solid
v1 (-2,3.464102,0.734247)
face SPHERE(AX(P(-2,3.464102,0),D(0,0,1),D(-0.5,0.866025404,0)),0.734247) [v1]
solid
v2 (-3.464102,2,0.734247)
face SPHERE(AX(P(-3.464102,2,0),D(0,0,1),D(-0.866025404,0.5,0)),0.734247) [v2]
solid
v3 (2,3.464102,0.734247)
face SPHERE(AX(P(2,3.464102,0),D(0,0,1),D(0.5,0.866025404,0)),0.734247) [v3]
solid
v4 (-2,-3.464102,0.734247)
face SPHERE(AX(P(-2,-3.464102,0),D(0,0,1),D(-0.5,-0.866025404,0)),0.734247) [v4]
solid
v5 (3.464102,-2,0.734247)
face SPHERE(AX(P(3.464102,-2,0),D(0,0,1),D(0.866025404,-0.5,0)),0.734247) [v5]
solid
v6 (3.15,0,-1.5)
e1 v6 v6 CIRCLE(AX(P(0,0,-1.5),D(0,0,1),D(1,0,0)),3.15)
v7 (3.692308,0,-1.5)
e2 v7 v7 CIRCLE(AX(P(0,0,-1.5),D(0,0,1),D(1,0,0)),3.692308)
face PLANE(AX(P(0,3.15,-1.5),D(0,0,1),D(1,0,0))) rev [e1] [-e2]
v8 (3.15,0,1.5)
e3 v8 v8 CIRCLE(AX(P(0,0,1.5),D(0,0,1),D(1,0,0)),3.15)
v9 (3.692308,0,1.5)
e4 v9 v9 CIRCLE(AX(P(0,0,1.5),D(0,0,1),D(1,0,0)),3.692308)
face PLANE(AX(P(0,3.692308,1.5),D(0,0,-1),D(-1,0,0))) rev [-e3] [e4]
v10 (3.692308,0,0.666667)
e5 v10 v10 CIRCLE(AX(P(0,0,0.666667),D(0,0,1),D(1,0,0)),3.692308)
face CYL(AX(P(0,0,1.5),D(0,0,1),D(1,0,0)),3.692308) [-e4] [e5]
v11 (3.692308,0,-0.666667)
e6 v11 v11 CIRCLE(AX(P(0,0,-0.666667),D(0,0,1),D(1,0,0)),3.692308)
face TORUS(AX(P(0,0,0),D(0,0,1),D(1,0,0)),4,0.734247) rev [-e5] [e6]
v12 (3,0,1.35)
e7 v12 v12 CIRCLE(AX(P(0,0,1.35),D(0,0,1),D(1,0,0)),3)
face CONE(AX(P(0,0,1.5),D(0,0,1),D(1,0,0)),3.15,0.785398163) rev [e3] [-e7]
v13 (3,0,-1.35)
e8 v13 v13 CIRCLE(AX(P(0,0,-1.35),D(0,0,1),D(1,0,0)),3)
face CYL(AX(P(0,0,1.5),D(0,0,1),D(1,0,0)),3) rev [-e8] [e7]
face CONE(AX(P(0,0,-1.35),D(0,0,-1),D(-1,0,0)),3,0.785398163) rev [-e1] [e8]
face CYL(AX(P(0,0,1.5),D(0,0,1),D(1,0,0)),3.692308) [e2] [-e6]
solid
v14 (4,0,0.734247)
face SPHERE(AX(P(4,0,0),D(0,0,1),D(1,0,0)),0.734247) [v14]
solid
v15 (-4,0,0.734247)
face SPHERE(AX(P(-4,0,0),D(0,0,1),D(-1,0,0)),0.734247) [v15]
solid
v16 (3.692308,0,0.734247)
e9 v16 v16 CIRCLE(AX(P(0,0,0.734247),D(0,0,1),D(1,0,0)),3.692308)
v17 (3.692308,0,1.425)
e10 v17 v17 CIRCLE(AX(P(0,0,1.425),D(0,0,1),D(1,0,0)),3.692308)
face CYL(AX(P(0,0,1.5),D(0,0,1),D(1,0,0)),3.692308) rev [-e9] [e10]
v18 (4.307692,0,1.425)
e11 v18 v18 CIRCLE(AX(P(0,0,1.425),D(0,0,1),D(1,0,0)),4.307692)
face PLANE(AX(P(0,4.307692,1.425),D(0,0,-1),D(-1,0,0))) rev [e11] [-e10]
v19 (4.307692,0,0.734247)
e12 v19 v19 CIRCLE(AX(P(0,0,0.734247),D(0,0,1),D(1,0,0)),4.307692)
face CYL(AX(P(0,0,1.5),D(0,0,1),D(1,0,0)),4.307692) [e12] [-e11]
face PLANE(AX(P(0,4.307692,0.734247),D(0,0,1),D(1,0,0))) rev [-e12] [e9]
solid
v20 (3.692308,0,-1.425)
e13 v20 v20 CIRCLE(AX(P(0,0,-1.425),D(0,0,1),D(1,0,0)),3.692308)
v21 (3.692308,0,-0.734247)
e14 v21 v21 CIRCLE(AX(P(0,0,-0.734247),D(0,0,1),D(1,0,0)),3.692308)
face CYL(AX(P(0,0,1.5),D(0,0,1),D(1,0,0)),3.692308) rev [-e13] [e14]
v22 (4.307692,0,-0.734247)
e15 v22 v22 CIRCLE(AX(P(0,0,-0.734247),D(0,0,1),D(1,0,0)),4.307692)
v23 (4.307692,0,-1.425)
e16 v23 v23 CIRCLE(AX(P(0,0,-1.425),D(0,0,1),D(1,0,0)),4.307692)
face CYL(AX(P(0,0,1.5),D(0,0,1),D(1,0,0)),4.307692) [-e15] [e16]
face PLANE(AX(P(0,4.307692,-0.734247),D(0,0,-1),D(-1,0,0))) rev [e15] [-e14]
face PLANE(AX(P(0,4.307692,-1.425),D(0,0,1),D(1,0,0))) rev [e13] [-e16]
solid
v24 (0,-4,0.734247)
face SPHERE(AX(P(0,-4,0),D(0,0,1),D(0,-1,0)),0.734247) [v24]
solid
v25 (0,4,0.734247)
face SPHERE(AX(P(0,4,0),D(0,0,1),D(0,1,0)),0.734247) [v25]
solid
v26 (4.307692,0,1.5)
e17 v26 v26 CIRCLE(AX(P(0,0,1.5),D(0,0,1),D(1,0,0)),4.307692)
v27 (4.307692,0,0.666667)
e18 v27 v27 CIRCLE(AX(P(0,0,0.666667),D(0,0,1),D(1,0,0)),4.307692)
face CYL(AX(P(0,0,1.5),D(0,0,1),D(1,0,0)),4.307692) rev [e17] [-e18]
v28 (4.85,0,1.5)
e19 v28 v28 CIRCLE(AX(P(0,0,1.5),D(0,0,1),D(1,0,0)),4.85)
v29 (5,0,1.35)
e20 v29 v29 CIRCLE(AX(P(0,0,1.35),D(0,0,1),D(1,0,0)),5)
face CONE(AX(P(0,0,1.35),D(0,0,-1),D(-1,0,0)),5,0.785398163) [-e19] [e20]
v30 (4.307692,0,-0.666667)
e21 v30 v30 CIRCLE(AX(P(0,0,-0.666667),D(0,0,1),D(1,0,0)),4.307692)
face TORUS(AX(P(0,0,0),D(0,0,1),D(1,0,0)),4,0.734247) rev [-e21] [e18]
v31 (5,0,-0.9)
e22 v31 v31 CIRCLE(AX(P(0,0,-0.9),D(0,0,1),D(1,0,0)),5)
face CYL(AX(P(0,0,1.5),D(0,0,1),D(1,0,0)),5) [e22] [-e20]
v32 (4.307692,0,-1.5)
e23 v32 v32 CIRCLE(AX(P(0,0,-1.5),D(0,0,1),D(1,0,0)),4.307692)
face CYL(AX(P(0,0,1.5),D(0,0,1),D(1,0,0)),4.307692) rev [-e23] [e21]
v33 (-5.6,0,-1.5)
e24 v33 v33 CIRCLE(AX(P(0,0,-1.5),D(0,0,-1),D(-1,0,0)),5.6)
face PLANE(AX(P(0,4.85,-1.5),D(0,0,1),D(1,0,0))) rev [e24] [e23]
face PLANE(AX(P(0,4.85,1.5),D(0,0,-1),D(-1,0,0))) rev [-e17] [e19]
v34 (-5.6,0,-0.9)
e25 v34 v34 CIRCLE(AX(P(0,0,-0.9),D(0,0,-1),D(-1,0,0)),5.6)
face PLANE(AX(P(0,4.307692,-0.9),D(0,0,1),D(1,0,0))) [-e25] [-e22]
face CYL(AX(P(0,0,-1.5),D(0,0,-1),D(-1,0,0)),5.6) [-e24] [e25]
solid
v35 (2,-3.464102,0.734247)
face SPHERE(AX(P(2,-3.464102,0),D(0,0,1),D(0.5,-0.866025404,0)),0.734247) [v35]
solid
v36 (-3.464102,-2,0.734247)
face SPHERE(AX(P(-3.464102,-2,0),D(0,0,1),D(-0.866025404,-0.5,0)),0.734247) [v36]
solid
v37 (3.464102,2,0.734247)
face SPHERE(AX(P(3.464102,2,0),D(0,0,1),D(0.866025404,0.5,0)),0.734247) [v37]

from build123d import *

# Parameters (mm, degrees)
CIRPATTERN1_COUNT = 12
SKETCH5_W         = 0.690752766
SKETCH5_H         = 0.615384616
SKETCH6_W         = 0.6
SKETCH6_H         = 1.292307692


with BuildPart() as part:
    # Sketch1 → Revolve1 (revolve)
    with BuildSketch(Plane(origin=(0, 0, 0), x_dir=(0, 0, -1), z_dir=(1, 0, 0))):
        with BuildLine():
            Line((1.35, 5), (-1.35, 5))
            Line((-1.35, 5), (-1.5, 4.85))
            Line((-1.5, 4.85), (-1.5, 4.307692308))
            Line((-1.5, 4.307692308), (-0.666666667, 4.307692308))
            ThreePointArc((-0.666666667, 4.307692308), (0, 4.734247234), (0.666666667, 4.307692308))
            Line((0.666666667, 4.307692308), (1.5, 4.307692308))
            Line((1.5, 4.307692308), (1.5, 4.85))
            Line((1.5, 4.85), (1.35, 5))
        make_face()
    revolve(axis=Axis((0, 0, 1.5), (0, 0, -1)))

    # Sketch6 → Revolve6 (revolve)
    with BuildSketch(Plane(origin=(0, 0, 0), x_dir=(0, 0, -1), z_dir=(1, 0, 0))):
        with Locations((1.2, 4.953846154)):
            Rectangle(SKETCH6_W, SKETCH6_H)
    revolve(axis=Axis((0, 0, -1.5), (0, 0, 1)))


with BuildPart() as body_2:
    # Sketch3 → Revolve3 (revolve)
    with BuildSketch(Plane(origin=(0, 0, 0), x_dir=(0, 0, -1), z_dir=(1, 0, 0))):
        with BuildLine():
            Line((-1.5, 3.692307692), (-0.666666667, 3.692307692))
            ThreePointArc((-0.666666667, 3.692307692), (0, 3.265752766), (0.666666667, 3.692307692))
            Line((0.666666667, 3.692307692), (1.5, 3.692307692))
            Line((1.5, 3.692307692), (1.5, 3.15))
            Line((1.5, 3.15), (1.35, 3))
            Line((1.35, 3), (-1.35, 3))
            Line((-1.35, 3), (-1.5, 3.15))
            Line((-1.5, 3.15), (-1.5, 3.692307692))
        make_face()
    revolve(axis=Axis((0, 0, 1.5), (0, 0, -1)))


with BuildPart() as body_3:
    # Sketch4 → Revolve4 (revolve)
    with BuildSketch(Plane(origin=(0, 0, 0), x_dir=(0, 0, -1), z_dir=(1, 0, 0))):
        with BuildLine():
            Line((-0.734247234, 4), (0.734247234, 4))
            ThreePointArc((0.734247234, 4), (0, 4.734247234), (-0.734247234, 4))
        make_face()
    revolve(axis=Axis((0, 4, 0.734247234), (0, 0, -1)))


with BuildPart() as cirpattern1_1:
    # CirPattern1: pattern copy
    add(body_3.part.rotate(Axis((0, 0, -1.5), (0, 0, 1)), 1 * 360 / CIRPATTERN1_COUNT))


with BuildPart() as cirpattern1_2:
    # CirPattern1: pattern copy
    add(body_3.part.rotate(Axis((0, 0, -1.5), (0, 0, 1)), 2 * 360 / CIRPATTERN1_COUNT))


with BuildPart() as cirpattern1_3:
    # CirPattern1: pattern copy
    add(body_3.part.rotate(Axis((0, 0, -1.5), (0, 0, 1)), 3 * 360 / CIRPATTERN1_COUNT))


with BuildPart() as cirpattern1_4:
    # CirPattern1: pattern copy
    add(body_3.part.rotate(Axis((0, 0, -1.5), (0, 0, 1)), 4 * 360 / CIRPATTERN1_COUNT))


with BuildPart() as cirpattern1_5:
    # CirPattern1: pattern copy
    add(body_3.part.rotate(Axis((0, 0, -1.5), (0, 0, 1)), 5 * 360 / CIRPATTERN1_COUNT))


with BuildPart() as cirpattern1_6:
    # CirPattern1: pattern copy
    add(body_3.part.rotate(Axis((0, 0, -1.5), (0, 0, 1)), 6 * 360 / CIRPATTERN1_COUNT))


with BuildPart() as cirpattern1_7:
    # CirPattern1: pattern copy
    add(body_3.part.rotate(Axis((0, 0, -1.5), (0, 0, 1)), 7 * 360 / CIRPATTERN1_COUNT))


with BuildPart() as cirpattern1_8:
    # CirPattern1: pattern copy
    add(body_3.part.rotate(Axis((0, 0, -1.5), (0, 0, 1)), 8 * 360 / CIRPATTERN1_COUNT))


with BuildPart() as cirpattern1_9:
    # CirPattern1: pattern copy
    add(body_3.part.rotate(Axis((0, 0, -1.5), (0, 0, 1)), 9 * 360 / CIRPATTERN1_COUNT))


with BuildPart() as cirpattern1_10:
    # CirPattern1: pattern copy
    add(body_3.part.rotate(Axis((0, 0, -1.5), (0, 0, 1)), 10 * 360 / CIRPATTERN1_COUNT))


with BuildPart() as cirpattern1_11:
    # CirPattern1: pattern copy
    add(body_3.part.rotate(Axis((0, 0, -1.5), (0, 0, 1)), 11 * 360 / CIRPATTERN1_COUNT))


with BuildPart() as body_15:
    # Sketch5 → Revolve5 (revolve)
    with BuildSketch(Plane(origin=(0, 0, 0), x_dir=(0, 0, -1), z_dir=(1, 0, 0))):
        with Locations((-1.079623617, 4)):
            Rectangle(SKETCH5_W, SKETCH5_H)
        with Locations((1.079623617, 4)):
            Rectangle(SKETCH5_W, SKETCH5_H)
    revolve(axis=Axis((0, 0, 1.5), (0, 0, -1)))


solid = Compound([part.part, body_2.part, body_3.part, cirpattern1_1.part, cirpattern1_2.part, cirpattern1_3.part, cirpattern1_4.part, cirpattern1_5.part, cirpattern1_6.part, cirpattern1_7.part, cirpattern1_8.part, cirpattern1_9.part, cirpattern1_10.part, cirpattern1_11.part, body_15.part])
